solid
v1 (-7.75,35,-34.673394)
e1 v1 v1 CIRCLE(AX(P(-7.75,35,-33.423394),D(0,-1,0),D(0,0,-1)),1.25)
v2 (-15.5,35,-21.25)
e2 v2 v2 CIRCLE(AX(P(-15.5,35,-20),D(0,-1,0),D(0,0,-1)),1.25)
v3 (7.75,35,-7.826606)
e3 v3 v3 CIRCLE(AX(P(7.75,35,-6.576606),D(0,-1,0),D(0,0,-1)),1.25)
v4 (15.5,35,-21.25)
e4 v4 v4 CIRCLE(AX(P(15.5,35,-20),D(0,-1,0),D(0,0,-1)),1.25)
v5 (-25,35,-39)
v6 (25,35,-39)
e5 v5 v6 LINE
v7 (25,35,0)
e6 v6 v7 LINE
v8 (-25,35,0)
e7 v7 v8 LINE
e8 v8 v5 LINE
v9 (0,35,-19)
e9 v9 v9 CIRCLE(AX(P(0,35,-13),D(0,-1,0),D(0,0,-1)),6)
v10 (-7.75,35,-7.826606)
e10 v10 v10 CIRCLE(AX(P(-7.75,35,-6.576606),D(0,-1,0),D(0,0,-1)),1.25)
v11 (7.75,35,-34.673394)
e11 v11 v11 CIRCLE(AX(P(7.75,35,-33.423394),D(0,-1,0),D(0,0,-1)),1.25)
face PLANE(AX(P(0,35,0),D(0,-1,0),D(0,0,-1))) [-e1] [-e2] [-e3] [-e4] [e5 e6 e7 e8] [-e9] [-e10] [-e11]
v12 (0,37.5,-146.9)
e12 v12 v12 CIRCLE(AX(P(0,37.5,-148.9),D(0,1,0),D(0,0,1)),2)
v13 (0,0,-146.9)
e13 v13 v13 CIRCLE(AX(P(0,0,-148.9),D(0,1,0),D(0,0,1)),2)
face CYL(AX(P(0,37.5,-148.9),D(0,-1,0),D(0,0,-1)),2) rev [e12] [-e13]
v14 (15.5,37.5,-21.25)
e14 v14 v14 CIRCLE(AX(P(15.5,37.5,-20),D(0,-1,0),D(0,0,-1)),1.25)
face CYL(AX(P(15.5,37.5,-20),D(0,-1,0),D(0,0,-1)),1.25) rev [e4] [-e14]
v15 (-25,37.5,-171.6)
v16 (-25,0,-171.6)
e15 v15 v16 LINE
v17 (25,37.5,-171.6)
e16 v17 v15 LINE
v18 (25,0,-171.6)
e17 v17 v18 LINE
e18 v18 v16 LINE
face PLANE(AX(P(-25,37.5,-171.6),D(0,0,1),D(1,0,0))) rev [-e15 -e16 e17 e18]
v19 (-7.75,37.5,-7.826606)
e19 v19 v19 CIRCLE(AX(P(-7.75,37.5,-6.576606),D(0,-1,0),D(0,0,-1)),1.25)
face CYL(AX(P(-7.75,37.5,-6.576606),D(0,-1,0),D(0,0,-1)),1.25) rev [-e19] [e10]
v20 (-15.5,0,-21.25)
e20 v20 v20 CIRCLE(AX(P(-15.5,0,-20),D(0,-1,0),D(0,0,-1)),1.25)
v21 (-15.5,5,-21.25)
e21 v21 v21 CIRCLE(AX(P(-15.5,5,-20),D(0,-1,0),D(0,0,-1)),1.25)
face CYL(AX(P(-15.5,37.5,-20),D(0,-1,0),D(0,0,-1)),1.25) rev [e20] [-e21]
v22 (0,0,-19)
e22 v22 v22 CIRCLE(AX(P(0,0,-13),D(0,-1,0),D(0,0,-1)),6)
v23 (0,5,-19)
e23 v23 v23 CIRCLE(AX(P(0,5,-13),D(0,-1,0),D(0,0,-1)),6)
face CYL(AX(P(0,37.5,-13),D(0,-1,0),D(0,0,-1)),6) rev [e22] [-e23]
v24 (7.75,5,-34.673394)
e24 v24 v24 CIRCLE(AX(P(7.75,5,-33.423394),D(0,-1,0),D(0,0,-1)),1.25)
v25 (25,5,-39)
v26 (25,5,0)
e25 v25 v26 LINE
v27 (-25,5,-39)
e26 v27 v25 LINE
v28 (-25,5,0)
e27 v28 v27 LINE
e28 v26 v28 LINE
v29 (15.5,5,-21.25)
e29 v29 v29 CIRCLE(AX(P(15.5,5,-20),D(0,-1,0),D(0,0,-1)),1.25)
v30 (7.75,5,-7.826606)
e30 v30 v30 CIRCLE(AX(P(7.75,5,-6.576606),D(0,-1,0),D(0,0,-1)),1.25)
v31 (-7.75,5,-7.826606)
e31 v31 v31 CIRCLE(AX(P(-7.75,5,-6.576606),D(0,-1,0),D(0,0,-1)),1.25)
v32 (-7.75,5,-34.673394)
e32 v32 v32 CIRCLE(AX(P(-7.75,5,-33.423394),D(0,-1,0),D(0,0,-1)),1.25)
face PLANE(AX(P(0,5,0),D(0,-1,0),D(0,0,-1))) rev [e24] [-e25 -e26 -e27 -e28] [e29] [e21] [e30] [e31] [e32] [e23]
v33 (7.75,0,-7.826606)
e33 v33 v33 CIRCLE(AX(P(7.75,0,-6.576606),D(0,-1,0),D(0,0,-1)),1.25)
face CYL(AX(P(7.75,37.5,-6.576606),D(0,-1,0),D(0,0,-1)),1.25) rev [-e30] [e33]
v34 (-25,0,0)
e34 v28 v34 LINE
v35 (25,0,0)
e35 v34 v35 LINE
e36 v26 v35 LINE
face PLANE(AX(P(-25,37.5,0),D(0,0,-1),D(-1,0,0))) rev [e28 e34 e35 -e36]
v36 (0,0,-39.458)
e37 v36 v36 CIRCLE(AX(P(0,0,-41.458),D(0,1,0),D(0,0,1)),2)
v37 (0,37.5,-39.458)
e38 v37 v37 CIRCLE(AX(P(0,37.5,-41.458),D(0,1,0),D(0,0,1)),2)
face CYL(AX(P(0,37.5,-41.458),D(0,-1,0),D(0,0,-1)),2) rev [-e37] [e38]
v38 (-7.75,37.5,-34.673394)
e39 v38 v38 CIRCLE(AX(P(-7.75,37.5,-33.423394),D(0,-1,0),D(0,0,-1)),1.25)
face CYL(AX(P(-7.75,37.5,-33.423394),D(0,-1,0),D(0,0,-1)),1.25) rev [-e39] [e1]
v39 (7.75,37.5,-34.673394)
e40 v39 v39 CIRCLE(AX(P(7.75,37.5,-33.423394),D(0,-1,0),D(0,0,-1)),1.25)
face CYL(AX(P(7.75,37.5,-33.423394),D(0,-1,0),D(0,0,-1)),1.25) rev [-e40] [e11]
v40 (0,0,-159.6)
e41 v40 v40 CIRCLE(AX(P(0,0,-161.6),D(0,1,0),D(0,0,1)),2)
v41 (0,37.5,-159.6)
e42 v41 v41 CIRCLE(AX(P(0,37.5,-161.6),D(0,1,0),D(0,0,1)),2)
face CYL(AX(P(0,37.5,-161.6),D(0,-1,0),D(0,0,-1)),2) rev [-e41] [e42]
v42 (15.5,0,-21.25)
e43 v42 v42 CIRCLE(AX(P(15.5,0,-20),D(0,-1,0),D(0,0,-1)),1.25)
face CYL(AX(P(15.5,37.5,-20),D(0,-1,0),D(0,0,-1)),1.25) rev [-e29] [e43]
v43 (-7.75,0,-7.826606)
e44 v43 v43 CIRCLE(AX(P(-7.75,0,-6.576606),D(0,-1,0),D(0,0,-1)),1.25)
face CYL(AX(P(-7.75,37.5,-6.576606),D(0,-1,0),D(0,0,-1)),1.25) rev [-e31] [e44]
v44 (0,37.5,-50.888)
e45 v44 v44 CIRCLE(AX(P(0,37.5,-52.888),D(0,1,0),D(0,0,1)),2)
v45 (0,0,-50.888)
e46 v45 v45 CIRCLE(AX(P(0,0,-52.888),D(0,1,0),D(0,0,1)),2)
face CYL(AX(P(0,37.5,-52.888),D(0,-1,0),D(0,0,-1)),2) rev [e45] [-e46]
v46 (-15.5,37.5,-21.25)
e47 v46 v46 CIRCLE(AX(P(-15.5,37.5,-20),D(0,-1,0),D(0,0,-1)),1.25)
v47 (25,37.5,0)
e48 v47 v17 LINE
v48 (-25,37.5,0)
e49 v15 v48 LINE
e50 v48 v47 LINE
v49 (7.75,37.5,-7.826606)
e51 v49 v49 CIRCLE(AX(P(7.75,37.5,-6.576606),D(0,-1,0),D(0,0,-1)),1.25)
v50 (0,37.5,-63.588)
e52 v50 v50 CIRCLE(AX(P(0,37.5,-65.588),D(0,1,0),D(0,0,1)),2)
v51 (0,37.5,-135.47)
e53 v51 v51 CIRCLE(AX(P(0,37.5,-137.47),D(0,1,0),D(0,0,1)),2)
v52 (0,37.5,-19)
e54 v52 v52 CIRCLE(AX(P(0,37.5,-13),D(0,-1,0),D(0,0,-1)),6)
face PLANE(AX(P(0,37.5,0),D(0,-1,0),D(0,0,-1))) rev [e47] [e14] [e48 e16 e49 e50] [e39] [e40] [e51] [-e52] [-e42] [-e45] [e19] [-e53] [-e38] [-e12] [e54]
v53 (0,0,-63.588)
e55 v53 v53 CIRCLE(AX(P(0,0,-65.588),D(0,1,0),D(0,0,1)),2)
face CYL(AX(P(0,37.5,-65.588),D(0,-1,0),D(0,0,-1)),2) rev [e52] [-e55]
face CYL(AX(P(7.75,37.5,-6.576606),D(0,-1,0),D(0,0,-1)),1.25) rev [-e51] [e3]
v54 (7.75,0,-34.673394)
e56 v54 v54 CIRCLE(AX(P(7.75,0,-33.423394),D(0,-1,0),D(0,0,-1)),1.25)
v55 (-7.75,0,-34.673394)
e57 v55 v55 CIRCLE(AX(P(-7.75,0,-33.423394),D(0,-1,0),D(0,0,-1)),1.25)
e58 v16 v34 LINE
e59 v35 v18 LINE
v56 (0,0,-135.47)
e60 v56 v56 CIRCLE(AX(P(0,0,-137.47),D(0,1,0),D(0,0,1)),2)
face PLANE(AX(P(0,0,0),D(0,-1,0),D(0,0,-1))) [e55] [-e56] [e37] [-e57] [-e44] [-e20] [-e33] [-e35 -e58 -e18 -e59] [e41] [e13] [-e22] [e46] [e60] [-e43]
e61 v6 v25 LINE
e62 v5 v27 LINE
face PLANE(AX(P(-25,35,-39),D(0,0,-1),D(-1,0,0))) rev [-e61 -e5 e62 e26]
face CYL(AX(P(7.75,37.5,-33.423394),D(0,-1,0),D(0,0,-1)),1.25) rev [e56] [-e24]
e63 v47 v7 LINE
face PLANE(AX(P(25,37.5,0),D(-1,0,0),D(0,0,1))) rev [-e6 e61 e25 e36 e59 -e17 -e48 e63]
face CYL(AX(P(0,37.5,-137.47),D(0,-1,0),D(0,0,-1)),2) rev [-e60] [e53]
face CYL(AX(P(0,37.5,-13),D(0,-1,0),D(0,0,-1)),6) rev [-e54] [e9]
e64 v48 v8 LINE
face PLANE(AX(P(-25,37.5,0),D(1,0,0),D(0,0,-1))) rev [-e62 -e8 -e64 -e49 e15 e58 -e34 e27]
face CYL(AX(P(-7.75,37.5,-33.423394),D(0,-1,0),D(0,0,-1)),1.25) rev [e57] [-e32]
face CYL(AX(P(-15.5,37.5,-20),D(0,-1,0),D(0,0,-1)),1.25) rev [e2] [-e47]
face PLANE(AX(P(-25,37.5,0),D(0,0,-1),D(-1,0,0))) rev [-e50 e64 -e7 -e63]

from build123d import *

# Parameters (mm, degrees)
SKETCH1_W           = 50
SKETCH1_H           = 171.6
SKETCH1_R           = 2
BOSS_EXTRUDE1_DEPTH = 37.5
CUT_EXTRUDE4_START  = -5
SKETCH2_W           = 50
SKETCH2_H           = 39
SKETCH2_R           = 6
SKETCH2_R_2         = 1.25
CUT_EXTRUDE4_DEPTH  = 30
SKETCH2_3_R         = 6
SKETCH2_3_R_2       = 1.25
CUT_EXTRUDE5_DEPTH  = 178.419869237


with BuildPart() as part:
    # Sketch1 → Boss-Extrude1 (new body)
    with BuildSketch(Plane(origin=(0, 0, 0), x_dir=(1, 0, 0), z_dir=(0, 1, 0))):
        with Locations((0, 85.8)):
            Rectangle(SKETCH1_W, SKETCH1_H)
        with Locations((0, 148.9)):
            Circle(SKETCH1_R, mode=Mode.SUBTRACT)
        with Locations((0, 161.6)):
            Circle(SKETCH1_R, mode=Mode.SUBTRACT)
        with Locations((0, 137.47)):
            Circle(SKETCH1_R, mode=Mode.SUBTRACT)
        with Locations((0, 52.888)):
            Circle(SKETCH1_R, mode=Mode.SUBTRACT)
        with Locations((0, 65.588)):
            Circle(SKETCH1_R, mode=Mode.SUBTRACT)
        with Locations((0, 41.458)):
            Circle(SKETCH1_R, mode=Mode.SUBTRACT)
    extrude(amount=BOSS_EXTRUDE1_DEPTH)

    # Sketch2 → Cut-Extrude4 (cut)
    with BuildSketch(Plane.XZ.offset(CUT_EXTRUDE4_START)):
        with Locations((0, -19.5)):
            Rectangle(SKETCH2_W, SKETCH2_H)
        with Locations((0, -13)):
            Circle(SKETCH2_R, mode=Mode.SUBTRACT)
        with Locations((-15.5, -20)):
            Circle(SKETCH2_R_2, mode=Mode.SUBTRACT)
        with Locations((-7.75, -6.576606241)):
            Circle(SKETCH2_R_2, mode=Mode.SUBTRACT)
        with Locations((7.75, -6.576606241)):
            Circle(SKETCH2_R_2, mode=Mode.SUBTRACT)
        with Locations((15.5, -20)):
            Circle(SKETCH2_R_2, mode=Mode.SUBTRACT)
        with Locations((7.75, -33.423393759)):
            Circle(SKETCH2_R_2, mode=Mode.SUBTRACT)
        with Locations((-7.75, -33.423393759)):
            Circle(SKETCH2_R_2, mode=Mode.SUBTRACT)
    extrude(amount=-CUT_EXTRUDE4_DEPTH, mode=Mode.SUBTRACT)

    # Sketch2<3> → Cut-Extrude5 (cut, through all)
    with BuildSketch(Plane.XZ):
        with Locations((0, -13)):
            Circle(SKETCH2_3_R)
        with Locations((-15.5, -20)):
            Circle(SKETCH2_3_R_2)
        with Locations((-7.75, -6.576606241)):
            Circle(SKETCH2_3_R_2)
        with Locations((7.75, -6.576606241)):
            Circle(SKETCH2_3_R_2)
        with Locations((15.5, -20)):
            Circle(SKETCH2_3_R_2)
        with Locations((7.75, -33.423393759)):
            Circle(SKETCH2_3_R_2)
        with Locations((-7.75, -33.423393759)):
            Circle(SKETCH2_3_R_2)
    extrude(amount=-CUT_EXTRUDE5_DEPTH, mode=Mode.SUBTRACT)


solid = part.part
